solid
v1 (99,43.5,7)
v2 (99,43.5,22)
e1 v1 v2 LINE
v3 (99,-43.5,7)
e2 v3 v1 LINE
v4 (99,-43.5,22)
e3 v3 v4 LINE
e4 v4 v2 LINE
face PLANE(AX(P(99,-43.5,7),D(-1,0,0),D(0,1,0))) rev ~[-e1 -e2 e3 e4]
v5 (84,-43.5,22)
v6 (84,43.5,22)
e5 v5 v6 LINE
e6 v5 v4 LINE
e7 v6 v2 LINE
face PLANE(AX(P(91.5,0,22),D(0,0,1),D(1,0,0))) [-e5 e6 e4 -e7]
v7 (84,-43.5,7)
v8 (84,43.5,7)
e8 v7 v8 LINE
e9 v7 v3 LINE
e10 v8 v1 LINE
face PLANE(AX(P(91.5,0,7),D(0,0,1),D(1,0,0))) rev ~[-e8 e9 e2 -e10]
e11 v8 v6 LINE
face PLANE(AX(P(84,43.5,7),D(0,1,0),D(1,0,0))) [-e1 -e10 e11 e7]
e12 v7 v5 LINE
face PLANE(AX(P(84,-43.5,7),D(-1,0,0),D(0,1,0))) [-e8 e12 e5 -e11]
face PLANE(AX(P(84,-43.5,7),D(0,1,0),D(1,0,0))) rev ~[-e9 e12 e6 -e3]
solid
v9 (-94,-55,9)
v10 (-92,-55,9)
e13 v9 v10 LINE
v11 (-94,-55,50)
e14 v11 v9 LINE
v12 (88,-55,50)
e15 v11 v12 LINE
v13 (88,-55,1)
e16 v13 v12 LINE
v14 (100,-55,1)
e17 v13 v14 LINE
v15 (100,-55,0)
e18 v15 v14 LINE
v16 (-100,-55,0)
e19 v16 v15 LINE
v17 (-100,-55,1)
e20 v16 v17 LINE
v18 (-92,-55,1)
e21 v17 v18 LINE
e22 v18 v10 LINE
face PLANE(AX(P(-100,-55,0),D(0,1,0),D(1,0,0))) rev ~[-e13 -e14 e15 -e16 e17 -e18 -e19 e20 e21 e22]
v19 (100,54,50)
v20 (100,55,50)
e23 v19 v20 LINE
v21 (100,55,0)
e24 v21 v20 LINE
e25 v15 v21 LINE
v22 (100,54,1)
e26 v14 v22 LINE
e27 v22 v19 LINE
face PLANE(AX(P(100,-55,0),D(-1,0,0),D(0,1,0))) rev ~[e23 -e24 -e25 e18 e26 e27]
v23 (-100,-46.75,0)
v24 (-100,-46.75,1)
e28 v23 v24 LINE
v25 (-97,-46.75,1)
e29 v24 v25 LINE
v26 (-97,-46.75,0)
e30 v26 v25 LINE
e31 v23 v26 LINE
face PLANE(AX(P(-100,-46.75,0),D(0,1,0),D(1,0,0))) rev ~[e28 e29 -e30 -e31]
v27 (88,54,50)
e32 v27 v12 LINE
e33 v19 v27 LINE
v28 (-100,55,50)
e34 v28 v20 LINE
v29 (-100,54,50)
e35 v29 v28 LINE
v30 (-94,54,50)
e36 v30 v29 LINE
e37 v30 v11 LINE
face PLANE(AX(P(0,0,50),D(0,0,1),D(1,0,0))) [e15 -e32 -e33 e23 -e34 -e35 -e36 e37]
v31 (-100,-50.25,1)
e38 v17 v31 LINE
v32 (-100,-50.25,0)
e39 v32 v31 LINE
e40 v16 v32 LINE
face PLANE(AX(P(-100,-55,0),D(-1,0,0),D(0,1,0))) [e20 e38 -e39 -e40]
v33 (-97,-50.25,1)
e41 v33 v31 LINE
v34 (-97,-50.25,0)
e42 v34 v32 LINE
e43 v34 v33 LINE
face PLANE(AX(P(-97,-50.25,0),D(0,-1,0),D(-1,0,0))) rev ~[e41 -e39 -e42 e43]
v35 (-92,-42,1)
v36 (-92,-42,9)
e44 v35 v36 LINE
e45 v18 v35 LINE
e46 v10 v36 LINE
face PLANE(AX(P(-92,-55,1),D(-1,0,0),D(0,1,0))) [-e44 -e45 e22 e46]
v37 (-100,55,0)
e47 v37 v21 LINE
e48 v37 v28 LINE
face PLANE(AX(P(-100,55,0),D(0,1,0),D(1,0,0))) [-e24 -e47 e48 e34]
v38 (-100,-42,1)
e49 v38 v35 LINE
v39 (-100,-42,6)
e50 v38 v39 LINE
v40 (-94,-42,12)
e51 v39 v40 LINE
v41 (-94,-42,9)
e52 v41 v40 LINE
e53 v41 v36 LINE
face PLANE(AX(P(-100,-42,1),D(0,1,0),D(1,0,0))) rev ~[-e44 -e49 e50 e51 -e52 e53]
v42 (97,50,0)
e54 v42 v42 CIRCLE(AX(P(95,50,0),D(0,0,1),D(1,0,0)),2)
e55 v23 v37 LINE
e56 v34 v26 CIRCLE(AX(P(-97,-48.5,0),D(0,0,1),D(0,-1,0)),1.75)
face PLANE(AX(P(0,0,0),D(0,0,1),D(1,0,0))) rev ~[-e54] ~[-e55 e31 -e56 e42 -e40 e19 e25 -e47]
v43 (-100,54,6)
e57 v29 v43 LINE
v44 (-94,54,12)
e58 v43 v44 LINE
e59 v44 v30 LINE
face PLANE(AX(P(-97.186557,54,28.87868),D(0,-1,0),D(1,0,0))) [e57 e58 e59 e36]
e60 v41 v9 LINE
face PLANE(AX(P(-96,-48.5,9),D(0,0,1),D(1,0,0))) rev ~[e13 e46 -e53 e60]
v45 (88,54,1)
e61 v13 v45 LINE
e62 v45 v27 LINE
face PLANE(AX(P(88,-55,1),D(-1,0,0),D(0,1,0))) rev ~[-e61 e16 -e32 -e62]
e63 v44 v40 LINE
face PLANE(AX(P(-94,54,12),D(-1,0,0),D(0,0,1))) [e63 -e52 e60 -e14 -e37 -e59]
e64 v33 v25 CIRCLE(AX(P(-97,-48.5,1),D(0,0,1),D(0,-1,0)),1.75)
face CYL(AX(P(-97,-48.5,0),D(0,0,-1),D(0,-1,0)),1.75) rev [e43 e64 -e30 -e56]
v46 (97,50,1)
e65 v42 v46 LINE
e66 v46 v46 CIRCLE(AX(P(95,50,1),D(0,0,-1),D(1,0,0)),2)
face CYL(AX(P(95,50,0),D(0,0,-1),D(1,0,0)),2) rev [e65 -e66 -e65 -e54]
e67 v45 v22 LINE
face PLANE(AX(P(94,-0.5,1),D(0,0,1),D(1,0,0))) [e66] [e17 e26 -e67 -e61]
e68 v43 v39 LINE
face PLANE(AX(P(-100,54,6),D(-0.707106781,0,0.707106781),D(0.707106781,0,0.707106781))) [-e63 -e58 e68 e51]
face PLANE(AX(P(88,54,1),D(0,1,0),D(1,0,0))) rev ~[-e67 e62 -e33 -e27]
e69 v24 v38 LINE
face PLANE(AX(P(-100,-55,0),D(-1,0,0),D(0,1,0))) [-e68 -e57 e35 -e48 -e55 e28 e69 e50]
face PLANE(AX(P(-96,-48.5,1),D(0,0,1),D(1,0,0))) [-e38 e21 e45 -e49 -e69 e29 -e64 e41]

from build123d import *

# Parameters (mm, degrees)
SKETCH_W        = 200
SKETCH_H        = 110
SKETCH_R        = 2
PAD_DEPTH       = 50
SKETCH001_W     = 8
SKETCH001_H     = 13
POCKET_DEPTH    = 8
POCKET001_DEPTH = 109.001
SKETCH003_W     = 6
SKETCH003_H     = 13
POCKET002_DEPTH = 49.001
SKETCH004_W     = 12
SKETCH004_H     = 109
POCKET003_DEPTH = 49.001
POCKET004_DEPTH = 1
SKETCH006_W     = 15
SKETCH006_H     = 87
PAD001_DEPTH    = 15


with BuildPart() as body:
    # Sketch → Pad (new body)
    with BuildSketch(Plane.XY):
        Rectangle(SKETCH_W, SKETCH_H)
        with Locations((95, 50)):
            Circle(SKETCH_R, mode=Mode.SUBTRACT)
    extrude(amount=PAD_DEPTH)

    # Sketch001 → Pocket (cut)
    with BuildSketch(Plane.XY.offset(1)):
        with Locations((-96, -48.5)):
            Rectangle(SKETCH001_W, SKETCH001_H)
    extrude(amount=POCKET_DEPTH, mode=Mode.SUBTRACT)

    # Sketch002 → Pocket001 (cut, through all)
    with BuildSketch(Plane.XZ.offset(-54)):
        Polygon((-100, 6), (-94, 12), (-94, 50), (-100, 50), align=None)
    extrude(amount=POCKET001_DEPTH, mode=Mode.SUBTRACT)

    # Sketch003 → Pocket002 (cut, through all)
    with BuildSketch(Plane.XY.offset(1)):
        with Locations((-97, -48.5)):
            Rectangle(SKETCH003_W, SKETCH003_H)
    extrude(amount=POCKET002_DEPTH, mode=Mode.SUBTRACT)

    # Sketch004 → Pocket003 (cut, through all)
    with BuildSketch(Plane.XY.offset(1)):
        with Locations((94, -0.5)):
            Rectangle(SKETCH004_W, SKETCH004_H)
    extrude(amount=POCKET003_DEPTH, mode=Mode.SUBTRACT)

    # Sketch005 → Pocket004 (cut)
    with BuildSketch(Plane.XY):
        with BuildLine():
            ThreePointArc((-97, -50.25), (-95.25, -48.5), (-97, -46.75))
            Line((-100, -46.75), (-97, -46.75))
            Line((-100, -50.25), (-100, -46.75))
            Line((-97, -50.25), (-100, -50.25))
        make_face()
    extrude(amount=POCKET004_DEPTH, mode=Mode.SUBTRACT)


with BuildPart() as terminal_block:
    # Sketch006 → Pad001 (new body)
    with BuildSketch(Plane.XY.offset(7)):
        with Locations((91.5, 0)):
            Rectangle(SKETCH006_W, SKETCH006_H)
    extrude(amount=PAD001_DEPTH)


solid = Compound([body.part, terminal_block.part])
